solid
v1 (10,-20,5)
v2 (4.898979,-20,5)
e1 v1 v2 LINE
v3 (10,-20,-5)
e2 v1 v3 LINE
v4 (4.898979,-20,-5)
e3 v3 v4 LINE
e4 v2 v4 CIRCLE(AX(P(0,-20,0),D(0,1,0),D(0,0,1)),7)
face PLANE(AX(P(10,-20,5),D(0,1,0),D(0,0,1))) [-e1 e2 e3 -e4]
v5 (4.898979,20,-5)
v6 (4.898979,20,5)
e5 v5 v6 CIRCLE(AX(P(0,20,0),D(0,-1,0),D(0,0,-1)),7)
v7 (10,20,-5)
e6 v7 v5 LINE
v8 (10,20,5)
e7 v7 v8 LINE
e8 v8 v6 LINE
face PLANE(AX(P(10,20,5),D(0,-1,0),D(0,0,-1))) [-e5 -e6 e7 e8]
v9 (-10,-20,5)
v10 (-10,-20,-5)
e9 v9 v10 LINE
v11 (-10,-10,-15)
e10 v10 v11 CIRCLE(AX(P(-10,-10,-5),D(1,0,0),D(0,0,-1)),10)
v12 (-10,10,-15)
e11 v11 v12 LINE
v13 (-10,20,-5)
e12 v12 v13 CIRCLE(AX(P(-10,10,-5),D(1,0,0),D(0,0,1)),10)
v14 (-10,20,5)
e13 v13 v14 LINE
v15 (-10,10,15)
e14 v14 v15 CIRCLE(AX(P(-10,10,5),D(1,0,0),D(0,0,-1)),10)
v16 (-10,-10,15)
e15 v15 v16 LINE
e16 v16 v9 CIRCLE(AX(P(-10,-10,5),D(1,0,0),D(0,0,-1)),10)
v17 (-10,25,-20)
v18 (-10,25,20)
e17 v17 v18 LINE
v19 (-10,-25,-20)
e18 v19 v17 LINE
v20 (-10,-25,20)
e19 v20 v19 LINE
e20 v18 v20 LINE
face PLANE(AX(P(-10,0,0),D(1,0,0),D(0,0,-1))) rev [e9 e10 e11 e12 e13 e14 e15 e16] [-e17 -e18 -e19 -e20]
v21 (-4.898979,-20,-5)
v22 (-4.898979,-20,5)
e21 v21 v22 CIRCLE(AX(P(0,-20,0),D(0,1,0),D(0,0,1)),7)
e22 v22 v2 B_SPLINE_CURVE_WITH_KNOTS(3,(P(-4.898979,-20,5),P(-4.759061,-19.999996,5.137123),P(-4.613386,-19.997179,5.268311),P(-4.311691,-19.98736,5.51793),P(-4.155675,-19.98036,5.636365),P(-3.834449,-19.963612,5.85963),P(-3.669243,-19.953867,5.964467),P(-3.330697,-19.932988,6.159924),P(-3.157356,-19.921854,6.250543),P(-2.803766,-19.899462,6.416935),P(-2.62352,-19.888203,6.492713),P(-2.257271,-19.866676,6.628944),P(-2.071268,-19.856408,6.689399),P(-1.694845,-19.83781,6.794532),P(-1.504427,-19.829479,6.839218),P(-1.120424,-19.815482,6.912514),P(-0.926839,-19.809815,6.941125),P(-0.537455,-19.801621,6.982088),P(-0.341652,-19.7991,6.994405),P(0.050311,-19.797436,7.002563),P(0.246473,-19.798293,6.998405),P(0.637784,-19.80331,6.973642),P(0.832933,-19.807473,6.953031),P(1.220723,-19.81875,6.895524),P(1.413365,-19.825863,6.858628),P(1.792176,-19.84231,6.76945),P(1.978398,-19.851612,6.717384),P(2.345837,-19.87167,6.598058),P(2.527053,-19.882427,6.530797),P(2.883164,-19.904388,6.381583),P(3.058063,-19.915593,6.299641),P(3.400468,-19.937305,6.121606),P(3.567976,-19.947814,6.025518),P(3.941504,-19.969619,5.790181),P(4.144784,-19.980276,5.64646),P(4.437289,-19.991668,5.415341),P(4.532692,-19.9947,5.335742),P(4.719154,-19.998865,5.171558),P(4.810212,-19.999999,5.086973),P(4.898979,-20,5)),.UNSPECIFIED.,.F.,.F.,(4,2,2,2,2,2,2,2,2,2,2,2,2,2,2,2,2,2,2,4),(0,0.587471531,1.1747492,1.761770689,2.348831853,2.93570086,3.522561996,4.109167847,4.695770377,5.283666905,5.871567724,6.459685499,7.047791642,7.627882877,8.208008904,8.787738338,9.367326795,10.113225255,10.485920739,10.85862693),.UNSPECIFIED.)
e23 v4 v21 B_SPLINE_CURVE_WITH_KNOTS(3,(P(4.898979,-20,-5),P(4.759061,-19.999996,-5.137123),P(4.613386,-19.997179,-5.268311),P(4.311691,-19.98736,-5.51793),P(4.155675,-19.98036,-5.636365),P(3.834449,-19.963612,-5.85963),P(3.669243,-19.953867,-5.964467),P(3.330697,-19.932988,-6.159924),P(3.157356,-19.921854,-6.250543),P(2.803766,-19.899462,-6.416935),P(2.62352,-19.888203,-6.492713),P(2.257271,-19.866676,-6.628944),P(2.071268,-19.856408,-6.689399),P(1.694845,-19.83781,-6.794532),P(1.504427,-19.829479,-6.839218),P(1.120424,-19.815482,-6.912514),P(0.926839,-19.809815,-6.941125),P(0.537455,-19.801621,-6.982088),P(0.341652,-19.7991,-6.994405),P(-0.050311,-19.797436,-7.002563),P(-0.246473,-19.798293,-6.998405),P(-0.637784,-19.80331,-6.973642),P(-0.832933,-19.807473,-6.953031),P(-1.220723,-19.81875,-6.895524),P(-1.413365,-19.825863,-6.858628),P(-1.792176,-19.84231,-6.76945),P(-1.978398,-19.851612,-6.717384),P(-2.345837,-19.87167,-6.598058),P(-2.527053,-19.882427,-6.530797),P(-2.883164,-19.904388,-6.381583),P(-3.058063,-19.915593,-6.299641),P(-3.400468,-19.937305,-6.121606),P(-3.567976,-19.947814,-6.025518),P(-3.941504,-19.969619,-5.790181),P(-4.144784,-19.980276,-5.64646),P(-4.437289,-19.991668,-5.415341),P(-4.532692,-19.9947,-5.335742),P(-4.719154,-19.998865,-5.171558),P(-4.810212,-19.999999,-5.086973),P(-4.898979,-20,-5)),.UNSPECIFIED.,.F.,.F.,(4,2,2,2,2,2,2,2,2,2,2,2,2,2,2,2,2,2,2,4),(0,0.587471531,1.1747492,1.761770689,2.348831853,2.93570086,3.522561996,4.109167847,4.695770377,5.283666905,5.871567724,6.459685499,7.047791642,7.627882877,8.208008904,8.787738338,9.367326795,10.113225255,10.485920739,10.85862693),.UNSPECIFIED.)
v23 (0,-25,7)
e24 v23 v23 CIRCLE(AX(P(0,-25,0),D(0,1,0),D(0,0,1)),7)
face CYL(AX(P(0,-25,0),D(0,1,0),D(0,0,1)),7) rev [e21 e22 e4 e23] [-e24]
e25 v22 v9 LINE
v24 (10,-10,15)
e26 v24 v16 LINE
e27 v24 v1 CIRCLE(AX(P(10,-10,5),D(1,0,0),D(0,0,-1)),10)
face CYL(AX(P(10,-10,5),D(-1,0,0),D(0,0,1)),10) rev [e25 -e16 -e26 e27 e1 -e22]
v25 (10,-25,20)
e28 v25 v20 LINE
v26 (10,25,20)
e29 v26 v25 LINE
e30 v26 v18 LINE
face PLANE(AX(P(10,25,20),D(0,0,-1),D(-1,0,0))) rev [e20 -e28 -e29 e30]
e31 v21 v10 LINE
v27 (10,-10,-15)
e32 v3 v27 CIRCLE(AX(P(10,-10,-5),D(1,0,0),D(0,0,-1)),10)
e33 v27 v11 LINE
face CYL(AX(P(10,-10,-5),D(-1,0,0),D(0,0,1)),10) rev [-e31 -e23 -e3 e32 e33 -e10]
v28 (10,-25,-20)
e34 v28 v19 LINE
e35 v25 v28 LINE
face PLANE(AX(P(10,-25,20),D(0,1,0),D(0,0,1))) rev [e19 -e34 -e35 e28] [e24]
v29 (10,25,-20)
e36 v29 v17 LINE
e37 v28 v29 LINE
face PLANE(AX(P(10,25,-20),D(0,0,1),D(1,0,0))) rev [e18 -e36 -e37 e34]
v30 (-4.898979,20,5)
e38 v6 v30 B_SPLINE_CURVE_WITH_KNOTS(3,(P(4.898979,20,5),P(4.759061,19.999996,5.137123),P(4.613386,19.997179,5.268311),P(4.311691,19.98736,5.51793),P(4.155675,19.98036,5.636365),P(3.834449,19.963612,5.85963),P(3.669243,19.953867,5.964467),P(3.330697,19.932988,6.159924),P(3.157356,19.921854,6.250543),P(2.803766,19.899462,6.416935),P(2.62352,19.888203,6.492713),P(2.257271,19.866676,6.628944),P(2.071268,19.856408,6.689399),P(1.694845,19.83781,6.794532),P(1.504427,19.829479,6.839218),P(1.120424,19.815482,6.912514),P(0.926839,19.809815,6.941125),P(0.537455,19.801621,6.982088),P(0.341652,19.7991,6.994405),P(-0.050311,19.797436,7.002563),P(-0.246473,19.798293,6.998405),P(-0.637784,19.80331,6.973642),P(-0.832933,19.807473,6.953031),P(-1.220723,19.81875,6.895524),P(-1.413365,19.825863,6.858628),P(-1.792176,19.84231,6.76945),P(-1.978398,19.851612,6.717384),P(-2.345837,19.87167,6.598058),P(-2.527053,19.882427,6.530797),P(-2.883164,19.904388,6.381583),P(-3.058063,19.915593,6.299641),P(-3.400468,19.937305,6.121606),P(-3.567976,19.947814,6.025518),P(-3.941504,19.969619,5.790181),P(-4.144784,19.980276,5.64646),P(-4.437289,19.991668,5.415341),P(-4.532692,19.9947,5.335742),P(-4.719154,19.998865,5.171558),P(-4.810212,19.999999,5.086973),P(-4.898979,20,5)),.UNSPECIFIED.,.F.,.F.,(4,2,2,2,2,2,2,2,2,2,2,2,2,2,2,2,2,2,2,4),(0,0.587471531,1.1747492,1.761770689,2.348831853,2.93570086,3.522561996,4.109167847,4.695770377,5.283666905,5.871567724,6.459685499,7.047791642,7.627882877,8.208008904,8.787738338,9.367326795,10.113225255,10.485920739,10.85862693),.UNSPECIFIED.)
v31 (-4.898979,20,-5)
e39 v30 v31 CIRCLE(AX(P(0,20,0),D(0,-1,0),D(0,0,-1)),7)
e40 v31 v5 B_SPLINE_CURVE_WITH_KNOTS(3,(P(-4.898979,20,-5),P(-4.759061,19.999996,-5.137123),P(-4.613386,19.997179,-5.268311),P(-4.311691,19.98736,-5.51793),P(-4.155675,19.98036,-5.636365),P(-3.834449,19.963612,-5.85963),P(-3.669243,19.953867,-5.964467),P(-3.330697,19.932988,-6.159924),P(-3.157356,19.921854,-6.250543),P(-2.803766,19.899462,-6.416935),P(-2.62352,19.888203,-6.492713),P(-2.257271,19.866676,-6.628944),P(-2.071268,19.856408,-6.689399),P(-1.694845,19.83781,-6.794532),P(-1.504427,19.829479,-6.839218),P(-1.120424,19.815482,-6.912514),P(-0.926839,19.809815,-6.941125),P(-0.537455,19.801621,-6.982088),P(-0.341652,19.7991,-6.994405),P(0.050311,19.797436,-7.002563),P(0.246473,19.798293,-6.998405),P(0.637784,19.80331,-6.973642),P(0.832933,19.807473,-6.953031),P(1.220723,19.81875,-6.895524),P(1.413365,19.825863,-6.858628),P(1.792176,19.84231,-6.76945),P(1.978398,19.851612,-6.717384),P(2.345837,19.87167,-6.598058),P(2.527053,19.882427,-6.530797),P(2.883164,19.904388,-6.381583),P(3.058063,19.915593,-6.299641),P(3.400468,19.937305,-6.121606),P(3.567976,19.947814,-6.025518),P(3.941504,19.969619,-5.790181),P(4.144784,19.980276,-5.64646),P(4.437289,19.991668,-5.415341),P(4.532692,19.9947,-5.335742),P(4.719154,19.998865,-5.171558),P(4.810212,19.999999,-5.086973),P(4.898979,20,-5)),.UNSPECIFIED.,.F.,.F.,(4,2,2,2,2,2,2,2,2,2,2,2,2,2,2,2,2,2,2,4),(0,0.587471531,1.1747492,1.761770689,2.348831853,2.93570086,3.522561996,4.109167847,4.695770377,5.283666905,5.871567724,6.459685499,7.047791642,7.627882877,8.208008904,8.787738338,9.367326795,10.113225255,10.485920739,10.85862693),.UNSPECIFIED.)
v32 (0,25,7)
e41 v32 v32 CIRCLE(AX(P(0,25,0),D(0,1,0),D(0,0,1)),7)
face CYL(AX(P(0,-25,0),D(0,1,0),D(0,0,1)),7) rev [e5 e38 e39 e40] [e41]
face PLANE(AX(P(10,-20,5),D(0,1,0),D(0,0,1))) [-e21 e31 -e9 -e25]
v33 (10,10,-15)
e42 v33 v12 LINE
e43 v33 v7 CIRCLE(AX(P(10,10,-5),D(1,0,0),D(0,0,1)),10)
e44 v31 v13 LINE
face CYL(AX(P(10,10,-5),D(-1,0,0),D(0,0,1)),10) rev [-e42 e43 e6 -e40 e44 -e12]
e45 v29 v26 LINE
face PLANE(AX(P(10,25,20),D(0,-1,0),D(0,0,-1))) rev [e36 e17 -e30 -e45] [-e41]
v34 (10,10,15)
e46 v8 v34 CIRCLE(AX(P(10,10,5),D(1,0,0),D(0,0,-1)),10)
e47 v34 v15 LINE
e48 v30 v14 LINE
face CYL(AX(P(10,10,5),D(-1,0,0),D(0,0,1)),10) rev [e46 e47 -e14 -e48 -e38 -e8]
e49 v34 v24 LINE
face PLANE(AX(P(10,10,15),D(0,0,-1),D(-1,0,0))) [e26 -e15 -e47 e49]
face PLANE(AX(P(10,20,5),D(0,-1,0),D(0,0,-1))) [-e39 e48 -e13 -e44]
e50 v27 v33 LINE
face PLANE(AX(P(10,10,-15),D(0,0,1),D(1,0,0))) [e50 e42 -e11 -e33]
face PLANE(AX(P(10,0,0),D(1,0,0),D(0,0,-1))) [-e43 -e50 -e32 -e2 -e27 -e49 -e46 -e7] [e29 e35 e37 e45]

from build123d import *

# Parameters (mm, degrees)
SKETCH1_W           = 40
SKETCH1_H           = 50
BOSS_EXTRUDE1_DEPTH = 10
SKETCH3_R           = 7
CUT_EXTRUDE1_DEPTH  = 55.772255751


with BuildPart() as part:
    # Sketch1 → Boss-Extrude1 (new, symmetric)
    with BuildSketch(Plane(origin=(0, 0, 0), x_dir=(0, 0, -1), z_dir=(1, 0, 0))):
        Rectangle(SKETCH1_W, SKETCH1_H)
        with BuildLine():
            Line((-5, 20), (5, 20))
            ThreePointArc((5, 20), (12.071067812, 17.071067812), (15, 10))
            Line((15, 10), (15, -10))
            ThreePointArc((15, -10), (12.071067812, -17.071067812), (5, -20))
            Line((5, -20), (-5, -20))
            ThreePointArc((-5, -20), (-12.071067812, -17.071067812), (-15, -10))
            Line((-15, -10), (-15, 10))
            ThreePointArc((-15, 10), (-12.071067812, 17.071067812), (-5, 20))
        make_face(mode=Mode.SUBTRACT)
    extrude(amount=BOSS_EXTRUDE1_DEPTH, both=True)

    # Sketch3 → Cut-Extrude1 (cut, through all)
    with BuildSketch(Plane(origin=(0, 25, 0), x_dir=(1, 0, 0), z_dir=(0, 1, 0))):
        with Locations(Location((0, 0, 0), (0, 0, 270))):
            Circle(SKETCH3_R)
    extrude(amount=-CUT_EXTRUDE1_DEPTH, mode=Mode.SUBTRACT)


solid = part.part
